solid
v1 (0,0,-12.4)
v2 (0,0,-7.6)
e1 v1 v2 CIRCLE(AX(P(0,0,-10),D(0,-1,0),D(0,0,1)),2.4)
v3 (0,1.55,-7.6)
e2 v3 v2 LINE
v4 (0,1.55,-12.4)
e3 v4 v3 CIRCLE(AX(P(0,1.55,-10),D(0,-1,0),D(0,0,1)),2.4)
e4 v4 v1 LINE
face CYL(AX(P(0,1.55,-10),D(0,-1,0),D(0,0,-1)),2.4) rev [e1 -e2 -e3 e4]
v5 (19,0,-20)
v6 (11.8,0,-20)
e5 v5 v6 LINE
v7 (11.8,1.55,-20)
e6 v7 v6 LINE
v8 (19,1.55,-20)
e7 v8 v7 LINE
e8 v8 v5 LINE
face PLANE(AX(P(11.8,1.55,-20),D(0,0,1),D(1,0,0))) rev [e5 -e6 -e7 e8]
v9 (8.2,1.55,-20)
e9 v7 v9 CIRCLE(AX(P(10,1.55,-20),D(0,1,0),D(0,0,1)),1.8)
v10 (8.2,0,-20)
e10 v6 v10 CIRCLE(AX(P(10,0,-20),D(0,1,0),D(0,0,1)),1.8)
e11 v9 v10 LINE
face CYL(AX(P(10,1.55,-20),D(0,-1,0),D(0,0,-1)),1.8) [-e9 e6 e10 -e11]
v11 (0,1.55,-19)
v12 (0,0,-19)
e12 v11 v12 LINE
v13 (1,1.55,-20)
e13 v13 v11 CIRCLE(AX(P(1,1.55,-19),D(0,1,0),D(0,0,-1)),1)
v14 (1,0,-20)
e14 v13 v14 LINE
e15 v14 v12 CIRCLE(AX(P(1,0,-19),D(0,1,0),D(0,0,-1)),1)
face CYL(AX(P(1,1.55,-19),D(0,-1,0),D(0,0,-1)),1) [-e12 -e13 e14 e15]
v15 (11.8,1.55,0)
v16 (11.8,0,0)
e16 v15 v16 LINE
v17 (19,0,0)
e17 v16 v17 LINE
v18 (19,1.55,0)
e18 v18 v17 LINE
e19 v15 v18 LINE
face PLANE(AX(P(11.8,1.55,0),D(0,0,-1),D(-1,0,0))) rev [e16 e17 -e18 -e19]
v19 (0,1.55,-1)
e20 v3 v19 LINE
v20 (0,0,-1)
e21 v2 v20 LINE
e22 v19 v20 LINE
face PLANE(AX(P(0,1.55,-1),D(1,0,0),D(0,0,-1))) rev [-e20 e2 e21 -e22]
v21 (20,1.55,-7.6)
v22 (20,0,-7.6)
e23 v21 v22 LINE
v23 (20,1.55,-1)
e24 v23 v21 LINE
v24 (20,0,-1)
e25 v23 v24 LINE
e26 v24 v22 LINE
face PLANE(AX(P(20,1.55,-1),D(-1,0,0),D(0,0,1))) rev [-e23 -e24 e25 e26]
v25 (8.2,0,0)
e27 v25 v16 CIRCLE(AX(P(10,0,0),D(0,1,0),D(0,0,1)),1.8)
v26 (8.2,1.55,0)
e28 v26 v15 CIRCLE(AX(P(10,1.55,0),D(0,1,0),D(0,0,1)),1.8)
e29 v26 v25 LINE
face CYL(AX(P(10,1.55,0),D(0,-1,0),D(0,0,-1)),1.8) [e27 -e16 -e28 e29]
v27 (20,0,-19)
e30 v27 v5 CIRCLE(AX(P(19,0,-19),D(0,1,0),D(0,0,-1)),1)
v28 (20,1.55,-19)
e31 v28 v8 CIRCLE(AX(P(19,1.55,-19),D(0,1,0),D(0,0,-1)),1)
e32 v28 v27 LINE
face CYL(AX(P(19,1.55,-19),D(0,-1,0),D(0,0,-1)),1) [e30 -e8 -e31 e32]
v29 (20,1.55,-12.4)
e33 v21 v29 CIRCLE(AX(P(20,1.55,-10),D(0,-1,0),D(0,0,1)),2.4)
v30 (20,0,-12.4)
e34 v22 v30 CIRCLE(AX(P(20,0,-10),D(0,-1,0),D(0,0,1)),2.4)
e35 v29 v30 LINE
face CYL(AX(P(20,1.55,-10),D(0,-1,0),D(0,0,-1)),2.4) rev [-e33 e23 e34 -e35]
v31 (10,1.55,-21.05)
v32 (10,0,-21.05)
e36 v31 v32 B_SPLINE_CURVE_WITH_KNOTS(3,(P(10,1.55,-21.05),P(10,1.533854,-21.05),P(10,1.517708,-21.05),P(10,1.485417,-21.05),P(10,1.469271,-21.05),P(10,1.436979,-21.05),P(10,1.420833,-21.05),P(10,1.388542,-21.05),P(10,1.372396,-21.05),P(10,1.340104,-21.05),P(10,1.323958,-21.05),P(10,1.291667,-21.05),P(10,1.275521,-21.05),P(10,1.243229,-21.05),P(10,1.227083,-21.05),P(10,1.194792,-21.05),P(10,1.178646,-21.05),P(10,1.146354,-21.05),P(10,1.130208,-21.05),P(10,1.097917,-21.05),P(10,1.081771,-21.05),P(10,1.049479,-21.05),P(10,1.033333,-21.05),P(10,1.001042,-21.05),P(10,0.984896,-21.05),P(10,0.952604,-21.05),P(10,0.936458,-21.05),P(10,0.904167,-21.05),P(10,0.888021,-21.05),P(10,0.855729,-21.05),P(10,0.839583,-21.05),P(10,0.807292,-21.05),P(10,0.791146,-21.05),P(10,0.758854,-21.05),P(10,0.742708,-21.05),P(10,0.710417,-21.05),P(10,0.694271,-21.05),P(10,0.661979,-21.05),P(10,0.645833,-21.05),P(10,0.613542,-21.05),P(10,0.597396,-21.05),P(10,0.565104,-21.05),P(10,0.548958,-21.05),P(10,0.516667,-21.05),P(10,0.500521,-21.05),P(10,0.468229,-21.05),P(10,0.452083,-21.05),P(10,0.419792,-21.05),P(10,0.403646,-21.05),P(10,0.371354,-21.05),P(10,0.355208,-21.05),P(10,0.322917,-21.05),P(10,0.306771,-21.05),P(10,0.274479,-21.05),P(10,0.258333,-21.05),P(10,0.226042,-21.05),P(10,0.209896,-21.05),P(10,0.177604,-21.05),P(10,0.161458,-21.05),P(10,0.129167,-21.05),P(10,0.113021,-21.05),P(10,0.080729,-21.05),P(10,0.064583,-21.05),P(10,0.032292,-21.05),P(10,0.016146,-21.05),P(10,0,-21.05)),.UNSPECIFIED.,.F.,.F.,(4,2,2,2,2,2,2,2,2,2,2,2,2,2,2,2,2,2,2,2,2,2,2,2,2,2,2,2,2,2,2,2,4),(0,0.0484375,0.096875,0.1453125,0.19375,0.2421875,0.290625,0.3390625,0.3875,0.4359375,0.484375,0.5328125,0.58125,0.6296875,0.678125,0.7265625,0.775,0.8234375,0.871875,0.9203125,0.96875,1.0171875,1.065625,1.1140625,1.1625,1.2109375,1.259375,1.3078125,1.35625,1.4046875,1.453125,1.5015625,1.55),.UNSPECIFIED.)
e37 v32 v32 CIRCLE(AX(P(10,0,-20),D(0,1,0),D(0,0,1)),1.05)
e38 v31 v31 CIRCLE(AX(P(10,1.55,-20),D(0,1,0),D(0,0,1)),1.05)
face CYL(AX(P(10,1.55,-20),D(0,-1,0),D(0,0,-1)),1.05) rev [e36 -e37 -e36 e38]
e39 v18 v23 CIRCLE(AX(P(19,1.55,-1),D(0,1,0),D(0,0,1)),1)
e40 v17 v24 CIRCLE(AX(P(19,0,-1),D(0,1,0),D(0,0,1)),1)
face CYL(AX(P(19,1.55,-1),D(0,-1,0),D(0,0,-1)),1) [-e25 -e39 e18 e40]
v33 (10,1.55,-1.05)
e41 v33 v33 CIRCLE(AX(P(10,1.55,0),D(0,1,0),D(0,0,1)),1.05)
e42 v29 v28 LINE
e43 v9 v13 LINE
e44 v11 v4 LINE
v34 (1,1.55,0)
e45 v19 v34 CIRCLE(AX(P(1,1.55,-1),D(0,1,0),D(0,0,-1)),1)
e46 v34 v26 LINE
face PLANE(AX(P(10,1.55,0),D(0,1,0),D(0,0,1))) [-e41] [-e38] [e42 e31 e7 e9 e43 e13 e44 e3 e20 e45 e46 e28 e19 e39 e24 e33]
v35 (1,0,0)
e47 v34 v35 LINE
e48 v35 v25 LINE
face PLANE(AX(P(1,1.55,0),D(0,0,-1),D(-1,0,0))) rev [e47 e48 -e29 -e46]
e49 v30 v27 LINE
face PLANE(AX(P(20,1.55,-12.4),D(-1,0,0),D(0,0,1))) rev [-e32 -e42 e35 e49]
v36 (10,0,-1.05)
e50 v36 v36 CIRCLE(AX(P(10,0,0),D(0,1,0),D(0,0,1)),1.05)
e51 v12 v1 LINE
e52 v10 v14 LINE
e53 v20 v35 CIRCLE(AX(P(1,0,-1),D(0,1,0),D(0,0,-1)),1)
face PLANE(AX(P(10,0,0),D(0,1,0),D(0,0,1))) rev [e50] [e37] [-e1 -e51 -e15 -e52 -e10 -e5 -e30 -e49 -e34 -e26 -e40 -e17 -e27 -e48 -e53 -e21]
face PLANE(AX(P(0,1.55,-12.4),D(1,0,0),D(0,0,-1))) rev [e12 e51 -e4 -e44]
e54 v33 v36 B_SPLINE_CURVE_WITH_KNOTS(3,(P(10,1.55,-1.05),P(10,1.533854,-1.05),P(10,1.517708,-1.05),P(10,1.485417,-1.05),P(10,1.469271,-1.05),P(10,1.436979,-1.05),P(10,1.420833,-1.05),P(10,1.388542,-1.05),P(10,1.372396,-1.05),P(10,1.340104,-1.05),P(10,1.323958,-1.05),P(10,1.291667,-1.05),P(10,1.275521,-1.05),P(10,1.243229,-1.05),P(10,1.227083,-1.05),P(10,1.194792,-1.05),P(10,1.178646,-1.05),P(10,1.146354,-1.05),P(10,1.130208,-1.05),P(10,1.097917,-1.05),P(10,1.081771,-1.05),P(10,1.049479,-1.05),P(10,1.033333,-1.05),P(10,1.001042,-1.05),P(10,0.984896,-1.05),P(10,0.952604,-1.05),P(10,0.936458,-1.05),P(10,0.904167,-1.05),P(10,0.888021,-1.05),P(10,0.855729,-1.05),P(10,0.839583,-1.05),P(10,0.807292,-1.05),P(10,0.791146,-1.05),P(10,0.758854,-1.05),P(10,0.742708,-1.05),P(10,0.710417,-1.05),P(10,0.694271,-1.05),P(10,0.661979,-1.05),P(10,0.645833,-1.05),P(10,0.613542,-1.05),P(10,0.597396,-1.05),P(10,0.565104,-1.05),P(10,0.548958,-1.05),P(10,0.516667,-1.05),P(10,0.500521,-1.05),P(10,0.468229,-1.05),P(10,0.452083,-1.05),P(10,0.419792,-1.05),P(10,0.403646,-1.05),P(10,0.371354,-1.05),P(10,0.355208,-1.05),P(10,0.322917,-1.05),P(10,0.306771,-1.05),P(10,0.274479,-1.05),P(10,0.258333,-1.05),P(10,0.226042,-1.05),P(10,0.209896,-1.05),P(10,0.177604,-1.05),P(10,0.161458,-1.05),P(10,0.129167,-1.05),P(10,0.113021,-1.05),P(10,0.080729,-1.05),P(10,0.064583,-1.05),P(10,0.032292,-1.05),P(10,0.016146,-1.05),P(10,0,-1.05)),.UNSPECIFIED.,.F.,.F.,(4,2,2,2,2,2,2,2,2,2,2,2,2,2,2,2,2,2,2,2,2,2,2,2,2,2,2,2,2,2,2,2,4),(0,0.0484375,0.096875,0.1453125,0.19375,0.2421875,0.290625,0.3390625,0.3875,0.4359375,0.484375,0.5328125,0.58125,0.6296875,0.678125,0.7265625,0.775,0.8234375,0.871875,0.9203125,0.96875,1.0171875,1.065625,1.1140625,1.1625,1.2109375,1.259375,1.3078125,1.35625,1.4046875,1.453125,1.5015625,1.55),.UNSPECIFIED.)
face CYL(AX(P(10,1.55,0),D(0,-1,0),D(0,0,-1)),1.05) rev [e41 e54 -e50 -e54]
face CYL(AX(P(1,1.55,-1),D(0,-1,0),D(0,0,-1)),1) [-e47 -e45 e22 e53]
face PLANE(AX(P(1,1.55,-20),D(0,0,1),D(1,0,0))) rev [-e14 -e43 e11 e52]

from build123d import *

# Parameters (mm, degrees)
ESQUISSE1_R        = 1.05
BOSS_EXTRU_1_DEPTH = 1.55


with BuildPart() as part:
    # Esquisse1 → Boss.-Extru.1 (new body)
    with BuildSketch(Plane(origin=(0, 0, 0), x_dir=(1, 0, 0), z_dir=(0, 1, 0))):
        with BuildLine():
            Line((1, 0), (8.2, 0))
            ThreePointArc((8.2, 0), (10, -1.8), (11.8, 0))
            Line((11.8, 0), (19, 0))
            ThreePointArc((19, 0), (19.707106781, 0.292893219), (20, 1))
            Line((20, 1), (20, 7.6))
            ThreePointArc((20, 7.6), (17.6, 10), (20, 12.4))
            Line((20, 12.4), (20, 19))
            ThreePointArc((20, 19), (19.707106781, 19.707106781), (19, 20))
            Line((19, 20), (11.8, 20))
            ThreePointArc((11.8, 20), (10, 21.8), (8.2, 20))
            Line((8.2, 20), (1, 20))
            ThreePointArc((1, 20), (0.292893219, 19.707106781), (0, 19))
            Line((0, 19), (0, 12.4))
            ThreePointArc((0, 12.4), (2.4, 10), (0, 7.6))
            Line((0, 7.6), (0, 1))
            ThreePointArc((0, 1), (0.292893219, 0.292893219), (1, 0))
        make_face()
        with Locations(Location((10, 0, 0), (0, 0, 90))):
            Circle(ESQUISSE1_R, mode=Mode.SUBTRACT)
        with Locations(Location((10, 20, 0), (0, 0, 90))):
            Circle(ESQUISSE1_R, mode=Mode.SUBTRACT)
    extrude(amount=BOSS_EXTRU_1_DEPTH)


solid = part.part
